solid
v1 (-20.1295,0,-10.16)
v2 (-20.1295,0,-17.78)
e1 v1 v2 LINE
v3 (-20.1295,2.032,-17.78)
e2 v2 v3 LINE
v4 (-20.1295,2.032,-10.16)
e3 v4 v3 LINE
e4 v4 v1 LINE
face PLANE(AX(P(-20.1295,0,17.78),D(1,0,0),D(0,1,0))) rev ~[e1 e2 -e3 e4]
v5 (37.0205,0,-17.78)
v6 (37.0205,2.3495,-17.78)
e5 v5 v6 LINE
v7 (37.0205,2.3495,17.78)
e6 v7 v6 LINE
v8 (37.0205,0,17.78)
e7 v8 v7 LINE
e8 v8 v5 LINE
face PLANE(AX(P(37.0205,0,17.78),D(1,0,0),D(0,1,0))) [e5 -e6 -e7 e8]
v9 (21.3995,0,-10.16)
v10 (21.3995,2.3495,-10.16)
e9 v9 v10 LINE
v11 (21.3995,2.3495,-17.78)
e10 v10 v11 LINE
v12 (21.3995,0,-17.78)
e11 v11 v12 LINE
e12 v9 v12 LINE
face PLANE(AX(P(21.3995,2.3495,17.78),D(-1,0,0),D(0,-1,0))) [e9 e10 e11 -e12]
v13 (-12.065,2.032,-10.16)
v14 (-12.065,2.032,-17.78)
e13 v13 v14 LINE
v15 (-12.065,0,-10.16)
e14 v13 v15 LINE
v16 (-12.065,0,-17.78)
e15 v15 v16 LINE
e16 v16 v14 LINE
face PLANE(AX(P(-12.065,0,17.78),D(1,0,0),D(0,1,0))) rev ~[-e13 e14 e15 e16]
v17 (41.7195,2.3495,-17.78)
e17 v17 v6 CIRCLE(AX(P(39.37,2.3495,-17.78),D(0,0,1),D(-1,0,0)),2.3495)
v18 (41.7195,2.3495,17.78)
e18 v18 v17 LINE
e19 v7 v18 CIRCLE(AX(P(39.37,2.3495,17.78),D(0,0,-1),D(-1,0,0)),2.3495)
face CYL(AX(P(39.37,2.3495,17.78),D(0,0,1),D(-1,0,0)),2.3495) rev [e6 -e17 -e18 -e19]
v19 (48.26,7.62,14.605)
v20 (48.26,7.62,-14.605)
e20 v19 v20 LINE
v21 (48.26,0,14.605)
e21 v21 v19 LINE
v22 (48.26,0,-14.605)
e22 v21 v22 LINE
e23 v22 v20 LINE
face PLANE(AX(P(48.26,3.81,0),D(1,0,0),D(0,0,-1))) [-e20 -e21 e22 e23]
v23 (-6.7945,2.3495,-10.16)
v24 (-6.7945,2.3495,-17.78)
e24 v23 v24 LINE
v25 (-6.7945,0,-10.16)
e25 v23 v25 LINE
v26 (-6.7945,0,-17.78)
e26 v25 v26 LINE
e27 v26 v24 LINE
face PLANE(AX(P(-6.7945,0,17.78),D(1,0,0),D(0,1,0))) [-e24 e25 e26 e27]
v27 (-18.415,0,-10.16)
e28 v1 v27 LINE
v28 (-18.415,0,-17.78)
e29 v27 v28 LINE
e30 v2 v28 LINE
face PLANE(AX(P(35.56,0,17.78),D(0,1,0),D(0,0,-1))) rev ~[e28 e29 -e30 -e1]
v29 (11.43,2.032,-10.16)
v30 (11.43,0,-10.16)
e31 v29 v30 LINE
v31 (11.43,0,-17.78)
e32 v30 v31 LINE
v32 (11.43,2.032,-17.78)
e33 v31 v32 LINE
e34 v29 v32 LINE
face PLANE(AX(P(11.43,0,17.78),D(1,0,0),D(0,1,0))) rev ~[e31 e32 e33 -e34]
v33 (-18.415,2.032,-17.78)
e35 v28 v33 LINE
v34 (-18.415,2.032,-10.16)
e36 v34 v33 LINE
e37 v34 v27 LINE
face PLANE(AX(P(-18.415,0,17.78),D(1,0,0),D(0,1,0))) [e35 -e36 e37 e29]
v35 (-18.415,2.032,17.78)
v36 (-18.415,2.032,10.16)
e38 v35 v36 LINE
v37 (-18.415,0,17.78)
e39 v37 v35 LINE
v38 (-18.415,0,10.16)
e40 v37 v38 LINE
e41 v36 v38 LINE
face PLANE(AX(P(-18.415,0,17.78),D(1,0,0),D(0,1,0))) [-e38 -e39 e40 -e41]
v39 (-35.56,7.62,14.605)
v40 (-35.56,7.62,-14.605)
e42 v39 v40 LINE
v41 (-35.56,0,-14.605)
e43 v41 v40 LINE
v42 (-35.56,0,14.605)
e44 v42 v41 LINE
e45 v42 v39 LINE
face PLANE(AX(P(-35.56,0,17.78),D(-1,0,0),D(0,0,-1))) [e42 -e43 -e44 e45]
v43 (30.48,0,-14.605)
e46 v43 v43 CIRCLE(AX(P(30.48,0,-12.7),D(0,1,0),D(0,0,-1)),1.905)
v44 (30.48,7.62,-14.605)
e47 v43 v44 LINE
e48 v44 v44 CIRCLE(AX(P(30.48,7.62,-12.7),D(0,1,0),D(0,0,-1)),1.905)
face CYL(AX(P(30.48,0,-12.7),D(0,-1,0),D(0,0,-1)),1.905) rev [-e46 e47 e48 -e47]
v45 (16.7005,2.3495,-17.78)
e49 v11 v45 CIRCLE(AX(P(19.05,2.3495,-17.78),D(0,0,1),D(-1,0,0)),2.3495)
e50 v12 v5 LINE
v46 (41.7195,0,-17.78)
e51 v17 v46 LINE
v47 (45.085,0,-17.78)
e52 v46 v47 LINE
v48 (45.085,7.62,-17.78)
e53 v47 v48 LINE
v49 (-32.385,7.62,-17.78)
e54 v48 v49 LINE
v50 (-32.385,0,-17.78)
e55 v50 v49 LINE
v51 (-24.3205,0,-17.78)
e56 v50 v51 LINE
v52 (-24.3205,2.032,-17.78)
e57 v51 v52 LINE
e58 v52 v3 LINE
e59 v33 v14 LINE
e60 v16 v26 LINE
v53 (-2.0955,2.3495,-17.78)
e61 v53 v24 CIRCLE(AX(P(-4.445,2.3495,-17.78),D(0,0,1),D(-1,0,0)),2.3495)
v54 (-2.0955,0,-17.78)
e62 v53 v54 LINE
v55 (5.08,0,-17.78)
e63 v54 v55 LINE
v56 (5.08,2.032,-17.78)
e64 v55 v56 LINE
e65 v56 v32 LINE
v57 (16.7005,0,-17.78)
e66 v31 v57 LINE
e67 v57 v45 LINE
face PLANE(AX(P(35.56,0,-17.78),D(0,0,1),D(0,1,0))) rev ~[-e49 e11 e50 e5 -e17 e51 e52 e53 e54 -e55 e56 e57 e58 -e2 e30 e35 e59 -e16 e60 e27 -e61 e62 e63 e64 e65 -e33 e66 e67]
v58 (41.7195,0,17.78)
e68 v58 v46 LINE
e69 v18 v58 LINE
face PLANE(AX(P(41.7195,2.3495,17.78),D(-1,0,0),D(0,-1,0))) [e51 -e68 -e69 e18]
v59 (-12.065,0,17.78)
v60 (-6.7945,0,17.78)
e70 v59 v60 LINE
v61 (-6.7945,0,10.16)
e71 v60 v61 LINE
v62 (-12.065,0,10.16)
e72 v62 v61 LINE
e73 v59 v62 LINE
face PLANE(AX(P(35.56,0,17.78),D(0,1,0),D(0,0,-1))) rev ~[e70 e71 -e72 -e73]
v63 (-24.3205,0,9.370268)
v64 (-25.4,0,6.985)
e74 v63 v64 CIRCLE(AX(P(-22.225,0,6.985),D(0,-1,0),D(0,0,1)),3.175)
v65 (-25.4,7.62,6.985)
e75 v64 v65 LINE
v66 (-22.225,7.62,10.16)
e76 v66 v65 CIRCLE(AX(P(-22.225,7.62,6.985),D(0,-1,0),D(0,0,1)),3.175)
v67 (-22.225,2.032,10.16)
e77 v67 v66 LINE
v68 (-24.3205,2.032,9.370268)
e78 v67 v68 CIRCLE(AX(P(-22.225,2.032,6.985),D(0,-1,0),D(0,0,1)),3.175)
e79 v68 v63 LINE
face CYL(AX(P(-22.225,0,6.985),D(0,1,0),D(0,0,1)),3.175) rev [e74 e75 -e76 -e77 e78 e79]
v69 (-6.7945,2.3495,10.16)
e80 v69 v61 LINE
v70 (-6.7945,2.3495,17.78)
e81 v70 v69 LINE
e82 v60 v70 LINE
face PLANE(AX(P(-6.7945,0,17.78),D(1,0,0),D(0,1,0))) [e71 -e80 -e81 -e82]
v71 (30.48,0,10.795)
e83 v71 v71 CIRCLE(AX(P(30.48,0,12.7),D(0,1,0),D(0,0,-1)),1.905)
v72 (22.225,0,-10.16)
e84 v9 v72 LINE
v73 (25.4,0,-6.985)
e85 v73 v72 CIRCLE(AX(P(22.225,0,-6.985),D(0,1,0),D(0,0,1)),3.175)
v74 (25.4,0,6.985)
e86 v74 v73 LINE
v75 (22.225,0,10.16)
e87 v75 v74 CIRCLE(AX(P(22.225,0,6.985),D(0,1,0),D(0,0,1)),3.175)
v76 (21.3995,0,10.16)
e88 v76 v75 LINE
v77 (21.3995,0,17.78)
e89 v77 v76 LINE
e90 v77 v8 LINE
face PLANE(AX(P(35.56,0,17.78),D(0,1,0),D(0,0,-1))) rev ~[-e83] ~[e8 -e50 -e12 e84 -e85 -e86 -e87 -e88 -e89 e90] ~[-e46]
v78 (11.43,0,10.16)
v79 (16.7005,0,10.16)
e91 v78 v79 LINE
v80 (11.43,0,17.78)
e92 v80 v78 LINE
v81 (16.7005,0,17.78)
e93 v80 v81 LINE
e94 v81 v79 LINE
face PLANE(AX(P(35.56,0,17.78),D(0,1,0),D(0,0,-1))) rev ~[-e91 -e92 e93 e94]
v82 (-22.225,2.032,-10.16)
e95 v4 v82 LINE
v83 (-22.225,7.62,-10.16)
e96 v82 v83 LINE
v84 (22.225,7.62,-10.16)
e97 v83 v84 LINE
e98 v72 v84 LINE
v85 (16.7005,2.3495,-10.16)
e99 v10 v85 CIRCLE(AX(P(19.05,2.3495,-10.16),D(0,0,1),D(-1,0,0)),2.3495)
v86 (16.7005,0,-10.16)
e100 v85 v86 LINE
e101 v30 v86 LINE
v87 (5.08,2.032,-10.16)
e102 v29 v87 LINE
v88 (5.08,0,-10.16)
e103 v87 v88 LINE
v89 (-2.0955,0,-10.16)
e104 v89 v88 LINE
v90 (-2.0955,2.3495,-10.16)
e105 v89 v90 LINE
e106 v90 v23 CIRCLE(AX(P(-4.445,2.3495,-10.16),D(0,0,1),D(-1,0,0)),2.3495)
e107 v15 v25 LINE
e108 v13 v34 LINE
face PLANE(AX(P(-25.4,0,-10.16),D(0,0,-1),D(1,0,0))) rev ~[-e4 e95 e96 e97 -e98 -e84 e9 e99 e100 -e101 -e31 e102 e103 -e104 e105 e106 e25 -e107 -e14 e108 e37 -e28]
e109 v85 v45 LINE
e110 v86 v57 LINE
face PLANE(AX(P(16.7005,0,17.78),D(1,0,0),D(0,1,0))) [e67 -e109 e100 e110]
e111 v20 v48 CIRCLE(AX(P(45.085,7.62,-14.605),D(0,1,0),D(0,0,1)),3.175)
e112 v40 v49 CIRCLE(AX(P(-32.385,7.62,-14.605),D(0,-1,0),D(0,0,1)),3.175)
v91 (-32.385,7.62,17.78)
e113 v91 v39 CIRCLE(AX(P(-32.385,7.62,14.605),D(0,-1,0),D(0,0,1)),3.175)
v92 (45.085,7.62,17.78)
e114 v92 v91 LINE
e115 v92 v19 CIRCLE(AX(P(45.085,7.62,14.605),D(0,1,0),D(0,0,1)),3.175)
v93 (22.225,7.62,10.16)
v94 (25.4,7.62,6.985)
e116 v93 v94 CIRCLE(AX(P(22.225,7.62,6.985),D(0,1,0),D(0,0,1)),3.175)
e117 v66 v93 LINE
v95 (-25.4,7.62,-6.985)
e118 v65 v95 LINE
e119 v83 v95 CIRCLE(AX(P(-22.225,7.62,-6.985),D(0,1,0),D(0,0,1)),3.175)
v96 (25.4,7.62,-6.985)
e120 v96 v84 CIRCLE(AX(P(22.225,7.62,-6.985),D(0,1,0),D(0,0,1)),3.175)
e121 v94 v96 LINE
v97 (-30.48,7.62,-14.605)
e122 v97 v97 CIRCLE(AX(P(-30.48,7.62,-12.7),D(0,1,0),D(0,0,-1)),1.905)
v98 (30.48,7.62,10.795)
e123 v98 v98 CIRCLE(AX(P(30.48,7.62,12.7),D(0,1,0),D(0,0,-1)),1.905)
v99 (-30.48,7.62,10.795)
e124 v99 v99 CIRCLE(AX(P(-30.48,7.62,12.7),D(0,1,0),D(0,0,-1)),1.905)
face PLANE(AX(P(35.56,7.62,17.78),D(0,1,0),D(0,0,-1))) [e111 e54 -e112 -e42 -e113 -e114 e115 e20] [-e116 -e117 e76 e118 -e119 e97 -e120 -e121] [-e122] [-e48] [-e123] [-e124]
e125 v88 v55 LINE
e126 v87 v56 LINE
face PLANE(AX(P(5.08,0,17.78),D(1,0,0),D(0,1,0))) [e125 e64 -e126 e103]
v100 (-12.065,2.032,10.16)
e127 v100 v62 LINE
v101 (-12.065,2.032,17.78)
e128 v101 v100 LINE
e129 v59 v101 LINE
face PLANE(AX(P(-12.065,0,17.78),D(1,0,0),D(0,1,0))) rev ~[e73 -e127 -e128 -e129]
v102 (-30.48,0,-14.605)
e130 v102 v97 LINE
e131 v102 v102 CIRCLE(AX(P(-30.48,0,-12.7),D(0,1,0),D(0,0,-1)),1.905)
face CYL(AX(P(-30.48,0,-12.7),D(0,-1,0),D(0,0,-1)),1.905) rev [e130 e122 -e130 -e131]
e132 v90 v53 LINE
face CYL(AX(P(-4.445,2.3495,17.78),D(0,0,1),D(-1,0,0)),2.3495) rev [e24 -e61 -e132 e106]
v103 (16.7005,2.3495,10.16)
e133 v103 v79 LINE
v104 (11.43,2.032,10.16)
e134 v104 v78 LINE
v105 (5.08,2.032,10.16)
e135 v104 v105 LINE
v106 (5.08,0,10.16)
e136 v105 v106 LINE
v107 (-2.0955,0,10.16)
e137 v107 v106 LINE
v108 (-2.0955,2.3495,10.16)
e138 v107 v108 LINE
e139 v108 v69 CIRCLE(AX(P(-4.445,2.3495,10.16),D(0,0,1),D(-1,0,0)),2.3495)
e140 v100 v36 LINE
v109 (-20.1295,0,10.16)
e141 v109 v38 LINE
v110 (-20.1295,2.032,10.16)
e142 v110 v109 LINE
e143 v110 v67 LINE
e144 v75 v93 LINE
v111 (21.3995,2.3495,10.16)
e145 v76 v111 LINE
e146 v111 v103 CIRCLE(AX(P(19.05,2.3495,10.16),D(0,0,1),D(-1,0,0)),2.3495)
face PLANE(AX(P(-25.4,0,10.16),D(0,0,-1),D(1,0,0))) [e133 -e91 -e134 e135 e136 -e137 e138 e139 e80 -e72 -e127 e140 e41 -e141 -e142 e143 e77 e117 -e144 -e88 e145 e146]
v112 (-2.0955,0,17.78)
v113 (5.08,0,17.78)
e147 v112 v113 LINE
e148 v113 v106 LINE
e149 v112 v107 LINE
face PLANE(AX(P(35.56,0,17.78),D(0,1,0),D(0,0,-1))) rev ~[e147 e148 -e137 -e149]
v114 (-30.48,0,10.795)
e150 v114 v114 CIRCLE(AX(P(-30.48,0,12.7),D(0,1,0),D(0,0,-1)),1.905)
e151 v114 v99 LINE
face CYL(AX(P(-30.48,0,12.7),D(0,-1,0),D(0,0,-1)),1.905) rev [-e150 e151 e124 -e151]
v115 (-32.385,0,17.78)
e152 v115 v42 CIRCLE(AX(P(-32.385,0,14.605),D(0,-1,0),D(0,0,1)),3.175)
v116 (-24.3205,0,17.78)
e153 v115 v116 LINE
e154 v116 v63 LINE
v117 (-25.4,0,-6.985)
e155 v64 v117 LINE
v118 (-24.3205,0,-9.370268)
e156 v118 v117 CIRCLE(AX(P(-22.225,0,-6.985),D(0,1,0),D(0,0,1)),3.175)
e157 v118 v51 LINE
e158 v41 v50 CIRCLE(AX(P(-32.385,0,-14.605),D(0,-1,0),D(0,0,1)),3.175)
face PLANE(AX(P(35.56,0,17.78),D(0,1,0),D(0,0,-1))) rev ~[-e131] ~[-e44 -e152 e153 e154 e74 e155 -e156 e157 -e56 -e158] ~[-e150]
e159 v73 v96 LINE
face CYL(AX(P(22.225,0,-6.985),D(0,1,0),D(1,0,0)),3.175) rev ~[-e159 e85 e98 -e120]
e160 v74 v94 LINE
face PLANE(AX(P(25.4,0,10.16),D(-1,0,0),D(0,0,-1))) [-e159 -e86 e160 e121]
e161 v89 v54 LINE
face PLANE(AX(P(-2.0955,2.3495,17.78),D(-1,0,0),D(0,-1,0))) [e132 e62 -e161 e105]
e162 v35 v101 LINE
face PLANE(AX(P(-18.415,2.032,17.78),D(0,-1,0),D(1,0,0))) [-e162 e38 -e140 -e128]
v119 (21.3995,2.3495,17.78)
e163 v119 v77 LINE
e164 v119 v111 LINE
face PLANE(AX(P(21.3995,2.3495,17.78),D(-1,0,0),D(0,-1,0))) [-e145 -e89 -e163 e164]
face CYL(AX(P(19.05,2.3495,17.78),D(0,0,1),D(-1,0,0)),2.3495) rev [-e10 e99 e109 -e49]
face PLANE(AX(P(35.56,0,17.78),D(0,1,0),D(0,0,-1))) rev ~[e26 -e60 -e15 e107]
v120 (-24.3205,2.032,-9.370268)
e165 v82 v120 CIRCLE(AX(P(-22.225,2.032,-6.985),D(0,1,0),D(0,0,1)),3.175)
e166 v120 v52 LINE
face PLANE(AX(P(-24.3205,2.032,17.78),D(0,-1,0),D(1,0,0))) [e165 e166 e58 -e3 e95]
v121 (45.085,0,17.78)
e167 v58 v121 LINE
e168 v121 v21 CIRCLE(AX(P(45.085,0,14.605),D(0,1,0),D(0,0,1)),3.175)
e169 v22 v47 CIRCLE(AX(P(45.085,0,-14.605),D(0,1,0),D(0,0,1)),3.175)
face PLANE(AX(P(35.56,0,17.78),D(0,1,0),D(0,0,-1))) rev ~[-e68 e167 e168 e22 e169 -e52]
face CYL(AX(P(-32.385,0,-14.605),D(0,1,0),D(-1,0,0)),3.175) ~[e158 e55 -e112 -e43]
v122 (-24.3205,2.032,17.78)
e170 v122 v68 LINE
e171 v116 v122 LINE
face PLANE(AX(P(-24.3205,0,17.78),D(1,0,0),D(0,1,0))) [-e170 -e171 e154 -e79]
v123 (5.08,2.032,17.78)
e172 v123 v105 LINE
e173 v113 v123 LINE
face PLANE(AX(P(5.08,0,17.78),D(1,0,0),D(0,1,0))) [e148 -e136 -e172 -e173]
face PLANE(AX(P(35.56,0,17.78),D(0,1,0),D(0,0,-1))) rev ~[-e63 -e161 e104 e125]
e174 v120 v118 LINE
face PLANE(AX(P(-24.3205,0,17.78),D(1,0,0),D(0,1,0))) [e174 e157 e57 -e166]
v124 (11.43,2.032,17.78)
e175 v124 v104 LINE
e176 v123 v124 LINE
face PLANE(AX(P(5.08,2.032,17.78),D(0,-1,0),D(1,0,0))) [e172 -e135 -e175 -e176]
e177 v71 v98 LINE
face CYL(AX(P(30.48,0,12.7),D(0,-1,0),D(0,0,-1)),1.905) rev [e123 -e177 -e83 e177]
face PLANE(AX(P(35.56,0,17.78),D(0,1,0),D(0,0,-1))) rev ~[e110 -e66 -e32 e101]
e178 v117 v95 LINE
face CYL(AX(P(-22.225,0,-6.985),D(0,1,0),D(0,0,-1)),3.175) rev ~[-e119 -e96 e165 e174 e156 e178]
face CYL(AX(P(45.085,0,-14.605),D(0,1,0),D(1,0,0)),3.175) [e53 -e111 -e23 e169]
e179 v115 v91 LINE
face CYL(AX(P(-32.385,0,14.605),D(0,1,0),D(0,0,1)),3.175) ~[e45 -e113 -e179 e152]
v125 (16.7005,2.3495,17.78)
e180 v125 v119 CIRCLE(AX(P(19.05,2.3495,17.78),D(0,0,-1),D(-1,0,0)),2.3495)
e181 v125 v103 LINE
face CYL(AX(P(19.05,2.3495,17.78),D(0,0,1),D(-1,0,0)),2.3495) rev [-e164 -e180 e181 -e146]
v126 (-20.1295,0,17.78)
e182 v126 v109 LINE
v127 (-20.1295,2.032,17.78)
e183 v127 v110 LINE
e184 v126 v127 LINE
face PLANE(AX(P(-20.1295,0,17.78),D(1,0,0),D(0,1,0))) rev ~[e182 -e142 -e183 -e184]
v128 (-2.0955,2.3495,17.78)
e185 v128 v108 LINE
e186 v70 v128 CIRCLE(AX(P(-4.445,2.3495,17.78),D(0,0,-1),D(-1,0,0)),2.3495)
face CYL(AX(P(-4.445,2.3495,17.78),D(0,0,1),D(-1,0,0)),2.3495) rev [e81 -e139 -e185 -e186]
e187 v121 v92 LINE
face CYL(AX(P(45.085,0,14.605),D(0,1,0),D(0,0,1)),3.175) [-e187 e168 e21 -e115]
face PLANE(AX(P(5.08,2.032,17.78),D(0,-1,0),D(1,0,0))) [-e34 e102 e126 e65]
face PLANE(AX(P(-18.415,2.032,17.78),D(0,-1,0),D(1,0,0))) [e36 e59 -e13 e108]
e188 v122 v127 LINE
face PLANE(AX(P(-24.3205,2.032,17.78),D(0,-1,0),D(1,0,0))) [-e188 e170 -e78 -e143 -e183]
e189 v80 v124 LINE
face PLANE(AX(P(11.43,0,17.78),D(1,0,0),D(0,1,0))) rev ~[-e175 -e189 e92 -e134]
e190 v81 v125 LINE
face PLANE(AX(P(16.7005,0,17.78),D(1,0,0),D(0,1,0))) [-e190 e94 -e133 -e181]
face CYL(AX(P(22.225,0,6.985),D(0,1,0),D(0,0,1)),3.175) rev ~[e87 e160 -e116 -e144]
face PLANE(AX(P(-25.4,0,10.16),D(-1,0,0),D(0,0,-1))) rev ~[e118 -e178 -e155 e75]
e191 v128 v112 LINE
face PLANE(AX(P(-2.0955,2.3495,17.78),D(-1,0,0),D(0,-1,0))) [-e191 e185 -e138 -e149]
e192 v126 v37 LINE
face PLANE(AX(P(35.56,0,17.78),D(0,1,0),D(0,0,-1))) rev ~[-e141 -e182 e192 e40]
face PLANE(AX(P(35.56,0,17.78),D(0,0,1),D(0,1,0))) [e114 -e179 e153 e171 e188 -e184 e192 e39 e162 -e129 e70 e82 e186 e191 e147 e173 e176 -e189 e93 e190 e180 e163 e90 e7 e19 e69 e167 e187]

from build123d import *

# Parameters (mm, degrees)
SKETCH1_W           = 71.12
SKETCH1_H           = 35.56
SKETCH1_R           = 1.905
SKETCH1_W_2         = 50.8
SKETCH1_H_2         = 20.32
BOSS_EXTRUDE1_DEPTH = 7.62
SKETCH3_W           = 35.56
SKETCH3_H           = 7.62
BOSS_EXTRUDE2_DEPTH = 12.7
SKETCH2_W           = 6.35
SKETCH2_H           = 2.032
SKETCH2_W_2         = 4.191
CUT_EXTRUDE1_DEPTH  = 61.428516447
FILLET1_R           = 3.175


with BuildPart() as part:
    # Sketch1 → Boss-Extrude1 (new body)
    with BuildSketch(Plane(origin=(0, 0, 0), x_dir=(1, 0, 0), z_dir=(0, 1, 0))):
        Rectangle(SKETCH1_W, SKETCH1_H)
        with Locations(Location((30.48, 12.7, 0), (0, 0, 90))):
            Circle(SKETCH1_R, mode=Mode.SUBTRACT)
        with Locations(Location((-30.48, 12.7, 0), (0, 0, 90))):
            Circle(SKETCH1_R, mode=Mode.SUBTRACT)
        with Locations(Location((-30.48, -12.7, 0), (0, 0, 90))):
            Circle(SKETCH1_R, mode=Mode.SUBTRACT)
        with Locations(Location((30.48, -12.7, 0), (0, 0, 90))):
            Circle(SKETCH1_R, mode=Mode.SUBTRACT)
        Rectangle(SKETCH1_W_2, SKETCH1_H_2, mode=Mode.SUBTRACT)
    extrude(amount=BOSS_EXTRUDE1_DEPTH)

    # Sketch3 → Boss-Extrude2 (add)
    with BuildSketch(Plane(origin=(35.56, 0, 0), x_dir=(0, 0, -1), z_dir=(1, 0, 0))):
        with Locations((0, 3.81)):
            Rectangle(SKETCH3_W, SKETCH3_H)
    extrude(amount=BOSS_EXTRUDE2_DEPTH)

    # Sketch2 → Cut-Extrude1 (cut, through all)
    with BuildSketch(Plane.XY.offset(17.78)):
        with BuildLine():
            Line((21.3995, 2.3495), (21.3995, 0))
            Line((21.3995, 0), (16.7005, 0))
            Line((16.7005, 0), (16.7005, 2.3495))
            ThreePointArc((16.7005, 2.3495), (19.05, 4.699), (21.3995, 2.3495))
        make_face()
        with BuildLine():
            Line((-2.0955, 2.3495), (-2.0955, 0))
            Line((-2.0955, 0), (-6.7945, 0))
            Line((-6.7945, 0), (-6.7945, 2.3495))
            ThreePointArc((-6.7945, 2.3495), (-4.445, 4.699), (-2.0955, 2.3495))
        make_face()
        with Locations((8.255, 1.016)):
            Rectangle(SKETCH2_W, SKETCH2_H)
        with Locations((-15.24, 1.016)):
            Rectangle(SKETCH2_W, SKETCH2_H)
        with BuildLine():
            Line((41.7195, 2.3495), (41.7195, 0))
            Line((41.7195, 0), (37.0205, 0))
            Line((37.0205, 0), (37.0205, 2.3495))
            ThreePointArc((37.0205, 2.3495), (39.37, 4.699), (41.7195, 2.3495))
        make_face()
        with Locations((-22.225, 1.016)):
            Rectangle(SKETCH2_W_2, SKETCH2_H)
    extrude(amount=-CUT_EXTRUDE1_DEPTH, mode=Mode.SUBTRACT)

    # Fillet1
    fillet1_edges = [part.edges().sort_by_distance(p)[0] for p in [
        (-35.56, 3.81, -17.78),
        (-35.56, 3.81, 17.78),
        (48.26, 3.81, -17.78),
        (48.26, 3.81, 17.78),
        (25.4, 3.81, 10.16),
        (25.4, 3.81, -10.16),
        (-25.4, 3.81, -10.16),
        (-25.4, 3.81, 10.16),
    ]]
    fillet(fillet1_edges, radius=FILLET1_R)


solid = part.part
